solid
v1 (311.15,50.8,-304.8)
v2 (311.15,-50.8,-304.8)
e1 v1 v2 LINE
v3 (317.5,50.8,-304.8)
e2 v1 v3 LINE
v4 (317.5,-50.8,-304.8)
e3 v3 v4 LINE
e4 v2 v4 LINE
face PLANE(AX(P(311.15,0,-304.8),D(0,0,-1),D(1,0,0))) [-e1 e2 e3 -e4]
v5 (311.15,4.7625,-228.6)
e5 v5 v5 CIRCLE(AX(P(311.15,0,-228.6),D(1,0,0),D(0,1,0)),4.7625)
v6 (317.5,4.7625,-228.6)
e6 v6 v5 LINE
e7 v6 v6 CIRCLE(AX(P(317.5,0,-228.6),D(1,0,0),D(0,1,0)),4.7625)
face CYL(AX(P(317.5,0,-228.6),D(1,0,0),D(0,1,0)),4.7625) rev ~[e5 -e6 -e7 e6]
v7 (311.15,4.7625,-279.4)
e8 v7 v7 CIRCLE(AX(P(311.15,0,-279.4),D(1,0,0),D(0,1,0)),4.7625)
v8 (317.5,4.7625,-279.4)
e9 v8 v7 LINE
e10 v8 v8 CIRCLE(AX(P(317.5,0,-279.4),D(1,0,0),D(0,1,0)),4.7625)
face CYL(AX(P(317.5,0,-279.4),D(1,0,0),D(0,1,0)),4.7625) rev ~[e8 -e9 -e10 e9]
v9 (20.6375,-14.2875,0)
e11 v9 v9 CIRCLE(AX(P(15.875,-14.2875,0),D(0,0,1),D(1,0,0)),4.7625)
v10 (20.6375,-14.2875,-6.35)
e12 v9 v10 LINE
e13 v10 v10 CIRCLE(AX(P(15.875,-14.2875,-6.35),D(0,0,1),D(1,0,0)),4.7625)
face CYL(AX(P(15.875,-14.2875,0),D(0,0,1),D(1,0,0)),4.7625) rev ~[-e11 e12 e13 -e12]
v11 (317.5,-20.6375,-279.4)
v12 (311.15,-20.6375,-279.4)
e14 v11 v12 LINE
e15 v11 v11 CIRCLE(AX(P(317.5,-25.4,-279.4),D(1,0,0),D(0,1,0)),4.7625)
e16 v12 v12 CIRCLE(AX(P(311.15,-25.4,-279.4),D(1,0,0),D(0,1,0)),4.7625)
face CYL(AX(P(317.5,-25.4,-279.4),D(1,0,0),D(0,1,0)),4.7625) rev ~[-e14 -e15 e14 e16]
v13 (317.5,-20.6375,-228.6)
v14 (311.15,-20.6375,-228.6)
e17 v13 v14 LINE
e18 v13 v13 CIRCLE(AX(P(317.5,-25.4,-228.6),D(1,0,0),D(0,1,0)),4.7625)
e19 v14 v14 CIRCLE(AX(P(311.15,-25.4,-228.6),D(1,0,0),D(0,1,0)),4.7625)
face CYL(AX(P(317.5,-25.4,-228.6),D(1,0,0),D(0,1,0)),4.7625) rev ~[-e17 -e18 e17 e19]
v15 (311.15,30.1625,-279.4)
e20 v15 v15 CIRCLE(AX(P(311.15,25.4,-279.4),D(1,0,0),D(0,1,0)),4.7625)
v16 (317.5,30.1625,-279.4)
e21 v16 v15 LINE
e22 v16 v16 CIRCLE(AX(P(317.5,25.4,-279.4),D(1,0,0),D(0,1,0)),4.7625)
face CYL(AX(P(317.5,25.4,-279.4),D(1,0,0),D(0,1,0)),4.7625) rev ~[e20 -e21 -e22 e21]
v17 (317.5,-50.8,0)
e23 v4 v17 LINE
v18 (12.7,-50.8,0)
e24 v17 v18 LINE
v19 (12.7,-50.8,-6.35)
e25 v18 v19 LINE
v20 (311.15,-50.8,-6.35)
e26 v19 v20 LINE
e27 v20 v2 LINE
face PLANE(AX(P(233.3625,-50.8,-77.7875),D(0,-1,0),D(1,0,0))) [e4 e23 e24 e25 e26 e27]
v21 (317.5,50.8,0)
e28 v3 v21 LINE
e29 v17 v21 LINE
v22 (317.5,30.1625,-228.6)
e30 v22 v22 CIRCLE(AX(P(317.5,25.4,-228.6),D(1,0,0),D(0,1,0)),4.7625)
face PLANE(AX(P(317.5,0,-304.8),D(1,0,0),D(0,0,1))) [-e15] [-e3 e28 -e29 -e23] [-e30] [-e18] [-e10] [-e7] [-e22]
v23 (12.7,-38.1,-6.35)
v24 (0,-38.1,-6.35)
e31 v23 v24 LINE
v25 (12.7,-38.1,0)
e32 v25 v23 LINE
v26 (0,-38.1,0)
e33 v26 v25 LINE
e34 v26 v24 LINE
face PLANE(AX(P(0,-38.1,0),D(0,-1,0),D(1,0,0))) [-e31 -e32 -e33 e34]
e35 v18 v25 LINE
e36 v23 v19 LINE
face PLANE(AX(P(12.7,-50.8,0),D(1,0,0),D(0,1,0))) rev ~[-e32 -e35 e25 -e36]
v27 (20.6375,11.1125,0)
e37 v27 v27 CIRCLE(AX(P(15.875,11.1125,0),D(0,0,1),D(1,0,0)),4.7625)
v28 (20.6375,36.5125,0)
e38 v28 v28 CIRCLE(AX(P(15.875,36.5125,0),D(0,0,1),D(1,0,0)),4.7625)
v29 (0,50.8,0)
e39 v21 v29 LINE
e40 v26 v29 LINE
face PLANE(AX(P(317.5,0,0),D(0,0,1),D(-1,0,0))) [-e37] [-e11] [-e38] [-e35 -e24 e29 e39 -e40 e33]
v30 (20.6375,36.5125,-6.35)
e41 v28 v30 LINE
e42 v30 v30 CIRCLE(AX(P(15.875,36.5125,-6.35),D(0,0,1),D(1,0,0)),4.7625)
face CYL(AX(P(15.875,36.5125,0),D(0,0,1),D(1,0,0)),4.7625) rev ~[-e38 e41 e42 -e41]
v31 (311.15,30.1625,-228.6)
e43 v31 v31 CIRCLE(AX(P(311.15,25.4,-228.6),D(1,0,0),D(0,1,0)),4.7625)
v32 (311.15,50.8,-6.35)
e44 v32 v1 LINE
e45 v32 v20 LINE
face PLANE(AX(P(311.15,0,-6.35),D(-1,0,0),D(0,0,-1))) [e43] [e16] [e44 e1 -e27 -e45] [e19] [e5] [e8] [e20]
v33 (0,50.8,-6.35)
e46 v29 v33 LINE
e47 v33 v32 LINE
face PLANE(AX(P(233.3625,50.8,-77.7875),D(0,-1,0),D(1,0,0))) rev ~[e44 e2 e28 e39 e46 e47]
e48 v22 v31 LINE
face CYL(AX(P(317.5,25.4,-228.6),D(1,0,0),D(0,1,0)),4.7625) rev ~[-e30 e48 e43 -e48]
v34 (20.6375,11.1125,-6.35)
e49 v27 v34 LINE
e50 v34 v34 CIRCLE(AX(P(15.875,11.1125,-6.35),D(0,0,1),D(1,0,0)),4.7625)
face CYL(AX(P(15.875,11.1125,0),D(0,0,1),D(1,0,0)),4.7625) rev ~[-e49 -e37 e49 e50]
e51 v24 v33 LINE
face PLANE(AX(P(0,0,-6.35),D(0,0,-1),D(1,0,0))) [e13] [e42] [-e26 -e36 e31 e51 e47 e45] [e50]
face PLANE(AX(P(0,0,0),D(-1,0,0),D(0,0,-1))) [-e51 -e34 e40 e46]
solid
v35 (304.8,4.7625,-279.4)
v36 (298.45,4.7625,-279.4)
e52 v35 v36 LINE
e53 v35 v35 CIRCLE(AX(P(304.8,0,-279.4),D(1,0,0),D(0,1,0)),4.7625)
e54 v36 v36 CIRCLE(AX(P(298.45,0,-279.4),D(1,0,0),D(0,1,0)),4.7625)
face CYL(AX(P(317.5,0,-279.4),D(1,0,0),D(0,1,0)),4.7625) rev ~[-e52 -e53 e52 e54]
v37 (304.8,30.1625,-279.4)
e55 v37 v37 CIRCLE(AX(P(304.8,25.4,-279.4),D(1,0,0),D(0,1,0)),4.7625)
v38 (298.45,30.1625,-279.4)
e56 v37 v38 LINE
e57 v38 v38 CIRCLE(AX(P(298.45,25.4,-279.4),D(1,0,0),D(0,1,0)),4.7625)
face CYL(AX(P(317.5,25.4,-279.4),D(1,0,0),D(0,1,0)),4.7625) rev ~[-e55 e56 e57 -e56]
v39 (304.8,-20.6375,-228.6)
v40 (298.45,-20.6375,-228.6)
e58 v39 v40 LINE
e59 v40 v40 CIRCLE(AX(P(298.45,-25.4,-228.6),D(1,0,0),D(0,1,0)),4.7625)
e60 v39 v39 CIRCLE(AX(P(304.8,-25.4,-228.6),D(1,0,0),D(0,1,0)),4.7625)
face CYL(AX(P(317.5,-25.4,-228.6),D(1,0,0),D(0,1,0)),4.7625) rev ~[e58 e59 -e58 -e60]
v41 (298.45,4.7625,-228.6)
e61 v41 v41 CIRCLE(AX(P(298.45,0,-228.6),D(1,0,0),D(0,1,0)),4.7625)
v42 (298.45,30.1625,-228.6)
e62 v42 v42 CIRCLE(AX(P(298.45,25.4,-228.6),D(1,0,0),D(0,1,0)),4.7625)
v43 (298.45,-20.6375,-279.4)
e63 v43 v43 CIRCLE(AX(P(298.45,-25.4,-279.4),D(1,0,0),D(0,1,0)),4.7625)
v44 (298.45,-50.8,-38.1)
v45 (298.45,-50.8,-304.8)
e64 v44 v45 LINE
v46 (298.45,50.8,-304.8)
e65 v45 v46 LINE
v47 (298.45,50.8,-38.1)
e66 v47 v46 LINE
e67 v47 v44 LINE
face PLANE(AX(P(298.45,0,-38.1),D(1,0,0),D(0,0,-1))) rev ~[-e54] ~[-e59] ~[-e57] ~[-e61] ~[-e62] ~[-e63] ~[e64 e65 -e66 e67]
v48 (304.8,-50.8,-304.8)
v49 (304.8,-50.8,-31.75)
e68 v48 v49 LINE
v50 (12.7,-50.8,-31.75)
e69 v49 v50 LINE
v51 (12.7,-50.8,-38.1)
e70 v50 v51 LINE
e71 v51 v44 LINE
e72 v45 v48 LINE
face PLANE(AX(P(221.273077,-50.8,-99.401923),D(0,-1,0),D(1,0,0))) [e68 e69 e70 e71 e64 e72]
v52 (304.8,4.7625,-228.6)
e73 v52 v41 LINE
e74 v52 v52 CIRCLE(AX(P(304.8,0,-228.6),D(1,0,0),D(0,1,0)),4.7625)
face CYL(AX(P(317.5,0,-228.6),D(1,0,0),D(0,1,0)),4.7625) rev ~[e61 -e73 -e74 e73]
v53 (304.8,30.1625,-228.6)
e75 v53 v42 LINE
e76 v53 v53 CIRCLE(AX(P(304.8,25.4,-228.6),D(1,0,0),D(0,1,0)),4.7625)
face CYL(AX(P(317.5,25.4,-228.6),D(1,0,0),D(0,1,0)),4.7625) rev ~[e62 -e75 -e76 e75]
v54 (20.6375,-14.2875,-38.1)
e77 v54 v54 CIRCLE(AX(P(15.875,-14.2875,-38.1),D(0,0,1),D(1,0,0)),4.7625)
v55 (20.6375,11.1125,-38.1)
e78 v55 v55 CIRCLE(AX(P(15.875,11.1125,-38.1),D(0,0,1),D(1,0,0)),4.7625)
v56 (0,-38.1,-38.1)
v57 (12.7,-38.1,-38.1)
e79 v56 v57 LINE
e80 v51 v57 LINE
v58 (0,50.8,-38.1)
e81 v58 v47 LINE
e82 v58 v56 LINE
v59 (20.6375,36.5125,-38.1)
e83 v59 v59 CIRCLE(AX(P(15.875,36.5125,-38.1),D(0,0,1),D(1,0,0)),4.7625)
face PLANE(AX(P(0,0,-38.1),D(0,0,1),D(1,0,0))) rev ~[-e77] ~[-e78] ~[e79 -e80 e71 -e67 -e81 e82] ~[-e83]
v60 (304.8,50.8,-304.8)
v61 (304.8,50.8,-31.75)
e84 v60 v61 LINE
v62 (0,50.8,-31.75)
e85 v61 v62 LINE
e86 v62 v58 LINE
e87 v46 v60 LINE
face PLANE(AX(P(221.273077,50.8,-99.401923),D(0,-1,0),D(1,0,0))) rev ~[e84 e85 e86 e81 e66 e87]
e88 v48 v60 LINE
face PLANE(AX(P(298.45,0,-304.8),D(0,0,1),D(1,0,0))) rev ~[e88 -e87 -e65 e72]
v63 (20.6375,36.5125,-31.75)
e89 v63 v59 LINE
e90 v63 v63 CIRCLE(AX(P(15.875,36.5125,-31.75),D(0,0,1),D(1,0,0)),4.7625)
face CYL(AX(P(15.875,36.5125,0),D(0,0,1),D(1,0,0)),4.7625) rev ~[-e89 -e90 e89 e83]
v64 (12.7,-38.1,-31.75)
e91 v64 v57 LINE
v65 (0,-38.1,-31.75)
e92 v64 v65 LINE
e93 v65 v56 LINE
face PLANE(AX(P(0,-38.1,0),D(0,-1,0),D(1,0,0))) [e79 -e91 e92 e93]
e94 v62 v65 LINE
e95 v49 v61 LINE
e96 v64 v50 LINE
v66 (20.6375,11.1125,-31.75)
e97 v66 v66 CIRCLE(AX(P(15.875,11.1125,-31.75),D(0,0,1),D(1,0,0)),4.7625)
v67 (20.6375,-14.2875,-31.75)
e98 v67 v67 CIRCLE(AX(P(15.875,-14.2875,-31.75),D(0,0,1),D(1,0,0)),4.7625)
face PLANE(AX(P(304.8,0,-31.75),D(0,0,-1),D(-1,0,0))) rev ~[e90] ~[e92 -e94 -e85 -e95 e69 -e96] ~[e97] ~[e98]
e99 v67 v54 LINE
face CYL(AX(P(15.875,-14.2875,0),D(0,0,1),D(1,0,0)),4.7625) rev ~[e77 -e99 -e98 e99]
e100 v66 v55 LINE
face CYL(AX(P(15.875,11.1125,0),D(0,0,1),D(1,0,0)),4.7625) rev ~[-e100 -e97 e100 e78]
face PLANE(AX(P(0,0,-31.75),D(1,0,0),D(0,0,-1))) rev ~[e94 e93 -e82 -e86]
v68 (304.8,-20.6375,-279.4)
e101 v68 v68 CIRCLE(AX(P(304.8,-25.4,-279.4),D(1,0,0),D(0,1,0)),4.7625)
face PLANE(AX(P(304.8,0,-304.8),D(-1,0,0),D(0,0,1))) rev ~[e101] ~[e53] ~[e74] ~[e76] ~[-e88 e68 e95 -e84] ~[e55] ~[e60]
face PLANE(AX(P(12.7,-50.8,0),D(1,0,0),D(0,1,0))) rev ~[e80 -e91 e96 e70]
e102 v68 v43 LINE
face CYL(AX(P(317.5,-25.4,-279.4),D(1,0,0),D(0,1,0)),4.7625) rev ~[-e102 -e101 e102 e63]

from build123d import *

# Parameters (mm, degrees)
F1_DEPTH = 50.8
F2_R     = 4.7625
F3_DEPTH = 317.501
F4_R     = 4.7625
F4_W     = 12.7
F4_H     = 12.7
F5_DEPTH = 304.801


with BuildPart() as f1:
    # F0 (on Front) → F1 (new body, symmetric)
    with BuildSketch(Plane.XZ):
        Polygon((304.8, -31.75), (0, -31.75), (0, -38.1), (298.45, -38.1), (298.45, -304.8), (304.8, -304.8), align=None)
        Polygon((0, -6.35), (311.15, -6.35), (311.15, -304.8), (317.5, -304.8), (317.5, 0), (0, 0), align=None)
    extrude(amount=F1_DEPTH, both=True)

    # F2 (on face) → F3 (cut, through all)
    with BuildSketch(Plane.YZ.offset(317.5)):
        with Locations((-25.4, -279.4)):
            Circle(F2_R)
        with Locations((-25.4, -228.6)):
            Circle(F2_R)
        with Locations((0, -279.4)):
            Circle(F2_R)
        with Locations((0, -228.6)):
            Circle(F2_R)
        with Locations((25.4, -279.4)):
            Circle(F2_R)
        with Locations((25.4, -228.6)):
            Circle(F2_R)
    extrude(amount=-F3_DEPTH, mode=Mode.SUBTRACT)

    # F4 (on face) → F5 (cut, through all)
    with BuildSketch(Plane.XY):
        with Locations((15.875, -14.2875)):
            Circle(F4_R)
        with Locations((15.875, 11.1125)):
            Circle(F4_R)
        with Locations((15.875, 36.5125)):
            Circle(F4_R)
        with Locations((6.35, -44.45)):
            Rectangle(F4_W, F4_H)
    extrude(amount=-F5_DEPTH, mode=Mode.SUBTRACT)


solid = f1.part
